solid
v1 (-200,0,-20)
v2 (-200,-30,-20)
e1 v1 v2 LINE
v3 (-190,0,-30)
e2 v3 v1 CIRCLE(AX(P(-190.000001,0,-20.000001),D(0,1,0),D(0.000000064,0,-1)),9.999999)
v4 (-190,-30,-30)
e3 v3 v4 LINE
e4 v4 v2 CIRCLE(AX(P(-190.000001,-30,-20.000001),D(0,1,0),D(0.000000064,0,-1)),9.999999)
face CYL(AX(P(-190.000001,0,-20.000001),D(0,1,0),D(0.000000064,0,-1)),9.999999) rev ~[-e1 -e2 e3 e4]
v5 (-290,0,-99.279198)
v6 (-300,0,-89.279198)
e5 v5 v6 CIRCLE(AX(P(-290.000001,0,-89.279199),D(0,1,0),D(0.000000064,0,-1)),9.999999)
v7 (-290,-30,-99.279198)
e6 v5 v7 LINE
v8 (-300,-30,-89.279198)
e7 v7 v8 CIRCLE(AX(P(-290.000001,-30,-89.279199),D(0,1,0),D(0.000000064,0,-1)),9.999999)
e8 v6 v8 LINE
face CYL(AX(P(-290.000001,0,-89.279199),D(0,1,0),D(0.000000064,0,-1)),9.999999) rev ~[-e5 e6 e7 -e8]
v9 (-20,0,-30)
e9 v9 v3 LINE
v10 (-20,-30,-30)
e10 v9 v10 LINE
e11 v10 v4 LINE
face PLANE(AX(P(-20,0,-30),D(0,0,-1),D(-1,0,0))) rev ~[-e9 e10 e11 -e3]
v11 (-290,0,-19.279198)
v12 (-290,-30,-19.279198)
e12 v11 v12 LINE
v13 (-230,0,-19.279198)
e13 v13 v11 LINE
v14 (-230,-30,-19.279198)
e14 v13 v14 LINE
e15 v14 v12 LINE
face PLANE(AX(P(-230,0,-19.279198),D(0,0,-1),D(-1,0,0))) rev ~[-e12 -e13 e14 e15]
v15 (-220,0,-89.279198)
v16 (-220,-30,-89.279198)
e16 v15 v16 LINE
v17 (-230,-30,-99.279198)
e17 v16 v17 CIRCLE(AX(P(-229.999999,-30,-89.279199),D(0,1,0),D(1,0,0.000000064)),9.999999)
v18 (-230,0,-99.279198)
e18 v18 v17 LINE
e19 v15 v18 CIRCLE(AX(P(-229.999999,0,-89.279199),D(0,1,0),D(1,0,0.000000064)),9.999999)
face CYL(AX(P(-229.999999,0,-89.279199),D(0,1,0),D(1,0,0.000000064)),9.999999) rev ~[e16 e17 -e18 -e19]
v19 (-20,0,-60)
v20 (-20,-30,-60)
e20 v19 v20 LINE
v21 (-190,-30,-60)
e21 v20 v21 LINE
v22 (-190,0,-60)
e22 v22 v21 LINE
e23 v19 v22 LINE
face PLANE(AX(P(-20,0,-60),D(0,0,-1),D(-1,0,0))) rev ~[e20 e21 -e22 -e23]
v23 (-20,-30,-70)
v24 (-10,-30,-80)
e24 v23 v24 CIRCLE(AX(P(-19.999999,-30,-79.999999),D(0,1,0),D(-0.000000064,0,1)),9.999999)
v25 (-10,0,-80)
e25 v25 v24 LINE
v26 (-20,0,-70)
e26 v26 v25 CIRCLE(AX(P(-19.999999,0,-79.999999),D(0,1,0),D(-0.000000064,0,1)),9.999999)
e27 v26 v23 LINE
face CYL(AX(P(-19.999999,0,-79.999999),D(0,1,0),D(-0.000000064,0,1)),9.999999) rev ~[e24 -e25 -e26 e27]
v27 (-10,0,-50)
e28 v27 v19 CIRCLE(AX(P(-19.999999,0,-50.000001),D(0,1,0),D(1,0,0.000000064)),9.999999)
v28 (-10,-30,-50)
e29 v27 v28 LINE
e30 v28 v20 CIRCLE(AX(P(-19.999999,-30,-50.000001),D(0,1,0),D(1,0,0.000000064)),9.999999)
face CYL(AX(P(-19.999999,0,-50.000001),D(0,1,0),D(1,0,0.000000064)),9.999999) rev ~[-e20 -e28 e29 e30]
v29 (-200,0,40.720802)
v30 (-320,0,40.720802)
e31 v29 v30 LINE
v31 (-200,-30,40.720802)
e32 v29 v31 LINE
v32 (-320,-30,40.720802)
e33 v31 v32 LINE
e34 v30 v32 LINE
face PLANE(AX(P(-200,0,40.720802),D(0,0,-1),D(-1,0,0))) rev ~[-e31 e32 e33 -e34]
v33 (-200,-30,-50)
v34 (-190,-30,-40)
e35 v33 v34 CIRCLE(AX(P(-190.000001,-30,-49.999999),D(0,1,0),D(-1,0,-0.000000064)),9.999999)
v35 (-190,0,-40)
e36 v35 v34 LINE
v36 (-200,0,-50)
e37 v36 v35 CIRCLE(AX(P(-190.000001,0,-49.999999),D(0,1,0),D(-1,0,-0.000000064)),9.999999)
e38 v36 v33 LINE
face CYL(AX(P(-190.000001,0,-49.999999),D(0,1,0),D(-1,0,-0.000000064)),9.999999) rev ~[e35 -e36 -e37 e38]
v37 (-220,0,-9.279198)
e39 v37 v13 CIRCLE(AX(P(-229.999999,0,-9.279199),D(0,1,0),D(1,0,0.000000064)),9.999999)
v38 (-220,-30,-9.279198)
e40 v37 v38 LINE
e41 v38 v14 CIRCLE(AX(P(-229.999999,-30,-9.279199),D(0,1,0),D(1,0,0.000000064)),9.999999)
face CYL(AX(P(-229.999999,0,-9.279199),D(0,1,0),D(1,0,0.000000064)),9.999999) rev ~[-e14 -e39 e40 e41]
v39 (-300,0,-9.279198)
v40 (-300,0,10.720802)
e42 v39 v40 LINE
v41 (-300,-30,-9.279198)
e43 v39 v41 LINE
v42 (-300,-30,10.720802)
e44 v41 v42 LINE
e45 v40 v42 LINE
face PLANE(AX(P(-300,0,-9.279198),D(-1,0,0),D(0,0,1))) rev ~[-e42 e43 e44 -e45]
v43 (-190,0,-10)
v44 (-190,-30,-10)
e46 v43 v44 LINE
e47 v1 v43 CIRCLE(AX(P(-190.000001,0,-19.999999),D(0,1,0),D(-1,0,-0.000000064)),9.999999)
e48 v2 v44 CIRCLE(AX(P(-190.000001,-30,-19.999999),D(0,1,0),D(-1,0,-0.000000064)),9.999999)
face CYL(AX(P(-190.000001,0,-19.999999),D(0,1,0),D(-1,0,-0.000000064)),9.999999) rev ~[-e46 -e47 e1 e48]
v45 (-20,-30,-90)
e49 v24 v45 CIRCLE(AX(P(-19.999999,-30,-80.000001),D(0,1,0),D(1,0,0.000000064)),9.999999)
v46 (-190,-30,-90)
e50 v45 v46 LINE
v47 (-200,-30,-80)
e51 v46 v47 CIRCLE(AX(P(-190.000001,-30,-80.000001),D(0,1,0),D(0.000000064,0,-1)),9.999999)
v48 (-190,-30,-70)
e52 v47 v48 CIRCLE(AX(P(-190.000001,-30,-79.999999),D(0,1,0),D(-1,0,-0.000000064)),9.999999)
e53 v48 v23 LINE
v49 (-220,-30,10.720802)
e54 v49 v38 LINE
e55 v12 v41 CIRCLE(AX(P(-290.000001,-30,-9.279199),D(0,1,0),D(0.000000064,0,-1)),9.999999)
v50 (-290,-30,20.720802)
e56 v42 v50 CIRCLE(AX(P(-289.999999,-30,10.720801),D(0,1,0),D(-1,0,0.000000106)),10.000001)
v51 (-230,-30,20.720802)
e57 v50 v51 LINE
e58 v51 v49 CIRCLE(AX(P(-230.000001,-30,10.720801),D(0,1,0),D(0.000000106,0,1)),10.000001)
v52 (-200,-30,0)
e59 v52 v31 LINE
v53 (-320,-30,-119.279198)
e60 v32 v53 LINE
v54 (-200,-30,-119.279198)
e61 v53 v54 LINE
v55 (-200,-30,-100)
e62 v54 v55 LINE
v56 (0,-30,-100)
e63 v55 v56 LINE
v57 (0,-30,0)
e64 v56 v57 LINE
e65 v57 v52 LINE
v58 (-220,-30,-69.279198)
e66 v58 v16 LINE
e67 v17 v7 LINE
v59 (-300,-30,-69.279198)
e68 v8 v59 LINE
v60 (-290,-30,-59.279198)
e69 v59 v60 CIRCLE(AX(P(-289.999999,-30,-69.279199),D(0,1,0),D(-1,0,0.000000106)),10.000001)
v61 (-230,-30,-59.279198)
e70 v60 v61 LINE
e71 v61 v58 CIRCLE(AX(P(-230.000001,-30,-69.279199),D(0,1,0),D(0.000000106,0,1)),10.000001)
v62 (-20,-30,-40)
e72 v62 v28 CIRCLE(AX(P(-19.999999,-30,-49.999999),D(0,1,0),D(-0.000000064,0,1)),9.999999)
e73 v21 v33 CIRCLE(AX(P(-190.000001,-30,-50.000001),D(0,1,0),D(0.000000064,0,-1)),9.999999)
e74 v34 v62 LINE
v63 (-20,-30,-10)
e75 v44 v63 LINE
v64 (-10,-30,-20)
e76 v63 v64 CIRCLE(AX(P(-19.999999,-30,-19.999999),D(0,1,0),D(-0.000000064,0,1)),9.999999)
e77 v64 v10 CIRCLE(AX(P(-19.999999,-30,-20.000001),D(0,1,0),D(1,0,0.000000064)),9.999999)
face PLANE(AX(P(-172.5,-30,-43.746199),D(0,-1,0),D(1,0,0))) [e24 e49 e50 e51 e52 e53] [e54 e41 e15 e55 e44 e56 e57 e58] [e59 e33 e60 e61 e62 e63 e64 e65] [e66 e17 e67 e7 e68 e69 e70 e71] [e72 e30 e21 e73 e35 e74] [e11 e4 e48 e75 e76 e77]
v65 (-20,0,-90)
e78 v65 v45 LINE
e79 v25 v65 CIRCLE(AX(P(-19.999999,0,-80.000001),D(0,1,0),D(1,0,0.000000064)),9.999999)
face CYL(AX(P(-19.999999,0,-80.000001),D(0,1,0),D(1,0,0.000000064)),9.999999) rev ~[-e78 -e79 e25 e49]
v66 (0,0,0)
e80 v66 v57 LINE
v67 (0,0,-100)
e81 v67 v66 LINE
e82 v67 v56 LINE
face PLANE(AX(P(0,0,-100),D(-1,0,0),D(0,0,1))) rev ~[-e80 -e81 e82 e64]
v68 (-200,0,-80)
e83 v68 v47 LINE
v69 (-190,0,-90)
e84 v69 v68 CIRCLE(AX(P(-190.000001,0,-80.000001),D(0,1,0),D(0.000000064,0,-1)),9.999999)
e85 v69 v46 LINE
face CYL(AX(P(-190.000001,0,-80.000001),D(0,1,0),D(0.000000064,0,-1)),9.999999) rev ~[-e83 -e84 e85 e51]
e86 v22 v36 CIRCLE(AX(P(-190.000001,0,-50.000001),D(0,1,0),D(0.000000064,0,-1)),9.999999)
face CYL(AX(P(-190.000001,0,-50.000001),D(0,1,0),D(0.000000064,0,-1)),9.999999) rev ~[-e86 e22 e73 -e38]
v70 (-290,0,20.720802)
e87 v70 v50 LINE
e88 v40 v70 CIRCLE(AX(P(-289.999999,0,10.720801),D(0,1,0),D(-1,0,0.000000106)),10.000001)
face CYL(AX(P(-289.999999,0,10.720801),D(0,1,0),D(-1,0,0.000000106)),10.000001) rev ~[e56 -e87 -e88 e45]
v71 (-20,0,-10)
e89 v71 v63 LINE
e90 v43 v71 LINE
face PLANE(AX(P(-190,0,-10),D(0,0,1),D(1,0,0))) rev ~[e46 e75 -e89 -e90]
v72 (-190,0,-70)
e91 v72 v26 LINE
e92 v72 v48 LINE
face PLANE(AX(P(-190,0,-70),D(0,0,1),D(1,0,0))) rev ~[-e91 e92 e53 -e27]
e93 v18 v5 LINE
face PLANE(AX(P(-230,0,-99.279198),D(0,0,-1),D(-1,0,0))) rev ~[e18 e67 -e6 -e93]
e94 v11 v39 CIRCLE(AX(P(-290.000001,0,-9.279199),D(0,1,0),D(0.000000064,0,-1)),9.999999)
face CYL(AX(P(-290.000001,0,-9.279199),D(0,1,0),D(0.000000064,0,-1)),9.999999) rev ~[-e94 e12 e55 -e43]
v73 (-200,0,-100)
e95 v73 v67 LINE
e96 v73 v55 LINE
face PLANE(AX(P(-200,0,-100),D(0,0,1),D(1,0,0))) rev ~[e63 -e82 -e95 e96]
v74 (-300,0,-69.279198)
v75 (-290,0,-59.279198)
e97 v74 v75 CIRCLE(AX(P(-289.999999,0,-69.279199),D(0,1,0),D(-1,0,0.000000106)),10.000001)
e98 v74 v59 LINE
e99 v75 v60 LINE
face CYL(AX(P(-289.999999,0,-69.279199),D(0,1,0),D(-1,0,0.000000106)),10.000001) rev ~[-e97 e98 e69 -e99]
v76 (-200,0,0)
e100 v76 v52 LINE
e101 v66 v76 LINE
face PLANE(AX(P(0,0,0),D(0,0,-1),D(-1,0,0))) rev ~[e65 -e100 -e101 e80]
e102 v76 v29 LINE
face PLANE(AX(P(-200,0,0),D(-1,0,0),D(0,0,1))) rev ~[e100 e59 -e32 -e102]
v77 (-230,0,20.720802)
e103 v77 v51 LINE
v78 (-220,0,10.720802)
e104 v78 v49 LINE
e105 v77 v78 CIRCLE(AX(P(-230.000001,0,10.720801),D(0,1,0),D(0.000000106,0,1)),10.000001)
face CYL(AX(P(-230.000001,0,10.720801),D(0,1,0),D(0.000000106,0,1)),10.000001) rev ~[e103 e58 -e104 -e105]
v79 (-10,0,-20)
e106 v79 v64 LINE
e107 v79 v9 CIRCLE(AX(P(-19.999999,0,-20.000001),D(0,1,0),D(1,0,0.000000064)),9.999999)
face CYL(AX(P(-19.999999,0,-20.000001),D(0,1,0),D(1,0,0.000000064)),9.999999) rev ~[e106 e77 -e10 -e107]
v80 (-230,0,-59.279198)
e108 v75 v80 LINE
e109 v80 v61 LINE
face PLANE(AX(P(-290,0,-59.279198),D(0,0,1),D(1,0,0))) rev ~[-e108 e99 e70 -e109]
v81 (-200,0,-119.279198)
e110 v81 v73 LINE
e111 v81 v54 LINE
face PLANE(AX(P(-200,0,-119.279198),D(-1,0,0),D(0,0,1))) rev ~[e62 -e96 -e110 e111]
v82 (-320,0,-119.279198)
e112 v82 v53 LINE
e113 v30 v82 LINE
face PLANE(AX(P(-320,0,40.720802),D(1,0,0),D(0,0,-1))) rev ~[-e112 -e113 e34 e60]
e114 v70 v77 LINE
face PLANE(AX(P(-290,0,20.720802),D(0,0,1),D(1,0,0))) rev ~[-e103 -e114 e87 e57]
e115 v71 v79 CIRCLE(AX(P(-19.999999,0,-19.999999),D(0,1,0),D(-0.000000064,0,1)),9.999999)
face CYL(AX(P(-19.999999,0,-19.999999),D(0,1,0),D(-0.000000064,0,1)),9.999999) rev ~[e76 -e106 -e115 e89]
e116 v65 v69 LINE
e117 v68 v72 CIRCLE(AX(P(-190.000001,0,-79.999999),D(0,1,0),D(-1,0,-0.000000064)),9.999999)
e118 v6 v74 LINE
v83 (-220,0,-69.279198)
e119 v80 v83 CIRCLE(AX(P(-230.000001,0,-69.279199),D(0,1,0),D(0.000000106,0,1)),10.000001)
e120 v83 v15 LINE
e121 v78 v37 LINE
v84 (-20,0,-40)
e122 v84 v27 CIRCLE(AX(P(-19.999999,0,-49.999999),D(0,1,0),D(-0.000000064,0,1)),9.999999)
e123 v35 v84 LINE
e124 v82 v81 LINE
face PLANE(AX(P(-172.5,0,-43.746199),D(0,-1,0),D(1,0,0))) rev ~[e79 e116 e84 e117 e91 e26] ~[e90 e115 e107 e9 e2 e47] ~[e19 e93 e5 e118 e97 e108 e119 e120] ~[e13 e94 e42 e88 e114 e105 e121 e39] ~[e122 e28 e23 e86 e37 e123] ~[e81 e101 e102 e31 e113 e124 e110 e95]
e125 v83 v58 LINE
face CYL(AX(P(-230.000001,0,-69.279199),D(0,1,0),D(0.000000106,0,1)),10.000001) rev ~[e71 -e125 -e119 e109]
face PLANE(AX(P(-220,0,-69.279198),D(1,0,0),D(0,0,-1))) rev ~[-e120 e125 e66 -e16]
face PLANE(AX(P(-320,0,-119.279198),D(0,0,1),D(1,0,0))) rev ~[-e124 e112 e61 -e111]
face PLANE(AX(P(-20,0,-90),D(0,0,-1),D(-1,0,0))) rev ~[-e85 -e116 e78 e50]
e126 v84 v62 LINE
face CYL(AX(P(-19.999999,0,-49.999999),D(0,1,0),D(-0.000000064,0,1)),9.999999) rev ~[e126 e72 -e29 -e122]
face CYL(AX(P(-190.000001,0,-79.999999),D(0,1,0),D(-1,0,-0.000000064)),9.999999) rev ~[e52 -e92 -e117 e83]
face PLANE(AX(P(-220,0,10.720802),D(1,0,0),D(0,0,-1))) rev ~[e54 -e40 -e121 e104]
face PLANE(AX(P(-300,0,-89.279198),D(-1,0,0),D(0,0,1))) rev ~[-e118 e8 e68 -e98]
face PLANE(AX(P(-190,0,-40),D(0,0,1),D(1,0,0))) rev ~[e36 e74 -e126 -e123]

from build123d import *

# Parameters (mm, degrees)
F1_DEPTH = 30


with BuildPart() as f1:
    # F0 (on Front) → F1 (new body)
    with BuildSketch(Plane.XZ):
        Polygon((0, -100), (0, 0), (-200, 0), (-200, 40.720802), (-320, 40.720802), (-320, -119.279198), (-200, -119.279198), (-200, -100), align=None)
        with BuildLine():
            ThreePointArc((-300, -69.279198), (-297.071068, -62.208131), (-290, -59.279198))
            Line((-290, -59.279198), (-230, -59.279198))
            ThreePointArc((-230, -59.279198), (-222.928932, -62.208131), (-220, -69.279198))
            Line((-220, -69.279198), (-220, -89.279198))
            ThreePointArc((-220, -89.279198), (-222.928932, -96.350266), (-230, -99.279198))
            Line((-230, -99.279198), (-290, -99.279198))
            ThreePointArc((-290, -99.279198), (-297.071068, -96.350266), (-300, -89.279198))
            Line((-300, -89.279198), (-300, -69.279198))
        make_face(mode=Mode.SUBTRACT)
        with BuildLine():
            ThreePointArc((-200, -80), (-197.071068, -72.928932), (-190, -70))
            Line((-190, -70), (-20, -70))
            ThreePointArc((-20, -70), (-12.928932, -72.928932), (-10, -80))
            ThreePointArc((-10, -80), (-12.928932, -87.071068), (-20, -90))
            Line((-20, -90), (-190, -90))
            ThreePointArc((-190, -90), (-197.071068, -87.071068), (-200, -80))
        make_face(mode=Mode.SUBTRACT)
        with BuildLine():
            ThreePointArc((-200, -50), (-197.071068, -42.928932), (-190, -40))
            Line((-190, -40), (-20, -40))
            ThreePointArc((-20, -40), (-12.928932, -42.928932), (-10, -50))
            ThreePointArc((-10, -50), (-12.928932, -57.071068), (-20, -60))
            Line((-20, -60), (-190, -60))
            ThreePointArc((-190, -60), (-197.071068, -57.071068), (-200, -50))
        make_face(mode=Mode.SUBTRACT)
        with BuildLine():
            ThreePointArc((-300, 10.720802), (-297.071068, 17.791869), (-290, 20.720802))
            Line((-290, 20.720802), (-230, 20.720802))
            ThreePointArc((-230, 20.720802), (-222.928932, 17.791869), (-220, 10.720802))
            Line((-220, 10.720802), (-220, -9.279198))
            ThreePointArc((-220, -9.279198), (-222.928932, -16.350266), (-230, -19.279198))
            Line((-230, -19.279198), (-290, -19.279198))
            ThreePointArc((-290, -19.279198), (-297.071068, -16.350266), (-300, -9.279198))
            Line((-300, -9.279198), (-300, 10.720802))
        make_face(mode=Mode.SUBTRACT)
        with BuildLine():
            ThreePointArc((-200, -20), (-197.071068, -12.928932), (-190, -10))
            Line((-190, -10), (-20, -10))
            ThreePointArc((-20, -10), (-12.928932, -12.928932), (-10, -20))
            ThreePointArc((-10, -20), (-12.928932, -27.071068), (-20, -30))
            Line((-20, -30), (-190, -30))
            ThreePointArc((-190, -30), (-197.071068, -27.071068), (-200, -20))
        make_face(mode=Mode.SUBTRACT)
    extrude(amount=F1_DEPTH)


solid = f1.part
